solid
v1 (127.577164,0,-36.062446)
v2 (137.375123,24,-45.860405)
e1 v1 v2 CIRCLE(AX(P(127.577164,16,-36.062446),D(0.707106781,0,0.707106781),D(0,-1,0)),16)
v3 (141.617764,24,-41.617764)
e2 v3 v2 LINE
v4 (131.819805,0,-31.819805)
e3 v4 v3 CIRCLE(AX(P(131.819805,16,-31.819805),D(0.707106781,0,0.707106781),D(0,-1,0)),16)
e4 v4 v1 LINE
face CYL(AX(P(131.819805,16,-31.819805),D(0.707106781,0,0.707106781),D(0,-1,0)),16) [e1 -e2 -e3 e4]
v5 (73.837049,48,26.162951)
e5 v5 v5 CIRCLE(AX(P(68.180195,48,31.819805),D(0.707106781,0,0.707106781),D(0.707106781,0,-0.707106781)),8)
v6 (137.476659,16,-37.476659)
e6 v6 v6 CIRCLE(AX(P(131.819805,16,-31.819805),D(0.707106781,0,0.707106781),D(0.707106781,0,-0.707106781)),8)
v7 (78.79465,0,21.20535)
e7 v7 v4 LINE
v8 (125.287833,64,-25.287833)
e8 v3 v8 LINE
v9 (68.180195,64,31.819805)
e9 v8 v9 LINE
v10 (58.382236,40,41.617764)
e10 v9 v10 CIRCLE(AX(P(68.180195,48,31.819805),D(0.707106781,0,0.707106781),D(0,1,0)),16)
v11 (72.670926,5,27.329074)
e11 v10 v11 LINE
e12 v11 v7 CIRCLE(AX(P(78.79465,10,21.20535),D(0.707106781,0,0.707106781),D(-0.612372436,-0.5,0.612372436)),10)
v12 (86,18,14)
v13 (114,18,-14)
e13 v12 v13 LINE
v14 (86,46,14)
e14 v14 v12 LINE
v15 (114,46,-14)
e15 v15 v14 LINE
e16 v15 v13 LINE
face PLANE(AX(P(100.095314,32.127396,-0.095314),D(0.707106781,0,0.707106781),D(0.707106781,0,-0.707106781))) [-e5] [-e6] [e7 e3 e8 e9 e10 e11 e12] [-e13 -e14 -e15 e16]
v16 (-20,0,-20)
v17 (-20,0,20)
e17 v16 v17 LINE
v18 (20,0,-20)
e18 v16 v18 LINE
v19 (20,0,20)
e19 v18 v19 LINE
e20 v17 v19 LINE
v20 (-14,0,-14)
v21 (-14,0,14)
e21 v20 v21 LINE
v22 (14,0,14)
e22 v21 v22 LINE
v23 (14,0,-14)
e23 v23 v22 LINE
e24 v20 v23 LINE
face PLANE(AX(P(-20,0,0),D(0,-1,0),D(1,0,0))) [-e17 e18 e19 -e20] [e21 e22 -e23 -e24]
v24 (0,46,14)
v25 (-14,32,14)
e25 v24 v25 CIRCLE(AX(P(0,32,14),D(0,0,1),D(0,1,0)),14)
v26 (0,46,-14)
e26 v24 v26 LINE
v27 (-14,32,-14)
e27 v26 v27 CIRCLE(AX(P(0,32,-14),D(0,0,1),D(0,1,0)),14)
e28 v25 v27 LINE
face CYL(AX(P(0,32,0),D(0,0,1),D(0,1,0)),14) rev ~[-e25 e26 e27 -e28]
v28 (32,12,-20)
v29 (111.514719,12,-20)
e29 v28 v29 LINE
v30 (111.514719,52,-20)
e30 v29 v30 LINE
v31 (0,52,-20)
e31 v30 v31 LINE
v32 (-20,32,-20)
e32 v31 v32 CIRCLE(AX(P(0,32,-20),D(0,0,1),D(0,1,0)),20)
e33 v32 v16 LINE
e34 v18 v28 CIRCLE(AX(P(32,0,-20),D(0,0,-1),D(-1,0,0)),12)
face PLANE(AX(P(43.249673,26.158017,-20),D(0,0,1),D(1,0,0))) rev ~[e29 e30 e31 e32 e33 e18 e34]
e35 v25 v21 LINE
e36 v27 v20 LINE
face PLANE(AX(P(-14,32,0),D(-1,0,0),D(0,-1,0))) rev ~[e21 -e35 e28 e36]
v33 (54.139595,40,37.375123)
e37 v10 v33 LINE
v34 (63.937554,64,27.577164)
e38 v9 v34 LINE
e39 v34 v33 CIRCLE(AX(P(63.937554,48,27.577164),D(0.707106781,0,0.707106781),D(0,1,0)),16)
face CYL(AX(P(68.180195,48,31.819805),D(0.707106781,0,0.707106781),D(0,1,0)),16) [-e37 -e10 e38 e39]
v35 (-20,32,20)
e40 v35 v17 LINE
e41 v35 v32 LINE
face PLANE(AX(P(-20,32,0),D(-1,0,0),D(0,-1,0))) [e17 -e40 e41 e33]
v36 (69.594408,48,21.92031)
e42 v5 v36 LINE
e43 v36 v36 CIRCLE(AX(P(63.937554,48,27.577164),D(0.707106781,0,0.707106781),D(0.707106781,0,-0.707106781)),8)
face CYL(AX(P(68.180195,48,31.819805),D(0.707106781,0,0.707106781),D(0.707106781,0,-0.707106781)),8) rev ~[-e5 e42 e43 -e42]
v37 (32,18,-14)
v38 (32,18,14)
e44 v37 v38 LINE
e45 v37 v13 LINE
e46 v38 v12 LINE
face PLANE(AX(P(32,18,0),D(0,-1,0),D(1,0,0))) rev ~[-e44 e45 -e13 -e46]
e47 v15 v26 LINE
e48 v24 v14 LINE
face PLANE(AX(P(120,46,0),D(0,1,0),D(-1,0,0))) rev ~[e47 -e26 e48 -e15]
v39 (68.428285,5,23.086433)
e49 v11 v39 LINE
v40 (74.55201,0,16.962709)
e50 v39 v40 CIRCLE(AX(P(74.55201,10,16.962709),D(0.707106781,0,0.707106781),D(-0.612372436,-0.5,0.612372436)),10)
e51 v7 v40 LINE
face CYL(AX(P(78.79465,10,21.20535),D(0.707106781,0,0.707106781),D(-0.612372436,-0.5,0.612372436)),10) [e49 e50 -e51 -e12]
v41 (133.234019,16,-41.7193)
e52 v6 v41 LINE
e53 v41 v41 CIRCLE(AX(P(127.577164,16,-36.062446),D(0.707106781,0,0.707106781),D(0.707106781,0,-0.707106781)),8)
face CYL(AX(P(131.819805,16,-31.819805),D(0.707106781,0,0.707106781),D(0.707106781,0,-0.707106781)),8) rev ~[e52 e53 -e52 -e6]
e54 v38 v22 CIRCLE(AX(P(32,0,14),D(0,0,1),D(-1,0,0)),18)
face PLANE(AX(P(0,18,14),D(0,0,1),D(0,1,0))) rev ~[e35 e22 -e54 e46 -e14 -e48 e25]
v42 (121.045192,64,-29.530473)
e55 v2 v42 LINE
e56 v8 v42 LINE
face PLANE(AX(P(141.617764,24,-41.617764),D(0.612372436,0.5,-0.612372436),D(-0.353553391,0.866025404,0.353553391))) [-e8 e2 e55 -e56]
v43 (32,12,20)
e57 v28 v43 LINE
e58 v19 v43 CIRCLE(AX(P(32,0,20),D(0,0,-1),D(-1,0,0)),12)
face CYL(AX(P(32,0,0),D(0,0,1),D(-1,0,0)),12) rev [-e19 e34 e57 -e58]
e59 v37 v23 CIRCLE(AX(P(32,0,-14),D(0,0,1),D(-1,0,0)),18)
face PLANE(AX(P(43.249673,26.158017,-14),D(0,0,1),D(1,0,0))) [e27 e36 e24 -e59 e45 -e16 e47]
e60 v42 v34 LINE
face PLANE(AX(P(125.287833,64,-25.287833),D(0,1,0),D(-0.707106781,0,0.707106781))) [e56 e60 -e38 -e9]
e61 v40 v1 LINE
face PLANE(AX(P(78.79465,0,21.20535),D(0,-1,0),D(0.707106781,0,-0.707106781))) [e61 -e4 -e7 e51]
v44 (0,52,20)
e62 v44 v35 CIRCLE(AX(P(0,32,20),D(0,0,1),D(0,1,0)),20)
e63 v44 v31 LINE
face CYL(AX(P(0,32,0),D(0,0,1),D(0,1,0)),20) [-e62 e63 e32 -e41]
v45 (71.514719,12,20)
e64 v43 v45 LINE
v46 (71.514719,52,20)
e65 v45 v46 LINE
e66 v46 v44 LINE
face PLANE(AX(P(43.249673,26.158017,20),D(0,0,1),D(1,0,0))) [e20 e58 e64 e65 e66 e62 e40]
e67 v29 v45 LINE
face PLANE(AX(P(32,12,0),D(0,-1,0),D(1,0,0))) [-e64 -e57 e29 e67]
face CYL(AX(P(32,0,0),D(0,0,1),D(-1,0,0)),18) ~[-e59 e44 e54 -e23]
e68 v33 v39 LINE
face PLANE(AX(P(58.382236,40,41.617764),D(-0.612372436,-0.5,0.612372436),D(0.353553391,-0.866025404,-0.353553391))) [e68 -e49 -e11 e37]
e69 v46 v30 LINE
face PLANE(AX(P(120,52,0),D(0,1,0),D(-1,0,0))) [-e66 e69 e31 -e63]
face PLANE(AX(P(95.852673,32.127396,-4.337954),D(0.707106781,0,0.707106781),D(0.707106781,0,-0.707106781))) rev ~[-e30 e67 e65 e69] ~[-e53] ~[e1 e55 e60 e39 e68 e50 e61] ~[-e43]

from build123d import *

# Parameters (mm, degrees)
F1_DEPTH = 20
F2_T     = -6
F4_DEPTH = 40.001
F5_R     = 8
F5_W     = 39.5979797464
F5_H     = 28
F6_DEPTH = 6
F7_W     = 28
F7_H     = 28
F8_DEPTH = 143.1345136524


with BuildPart() as f1:
    # F0 (on Top) → F1 (new body, symmetric)
    with BuildSketch(Plane.XY):
        with BuildLine():
            Line((-20, 32), (-20, 0))
            Line((-20, 0), (20, 0))
            ThreePointArc((20, 0), (23.5147186258, 8.4852813742), (32, 12))
            Line((32, 12), (120, 12))
            Line((120, 12), (80, 52))
            Line((80, 52), (0, 52))
            ThreePointArc((0, 52), (-14.1421356237, 46.1421356237), (-20, 32))
        make_face()
        Polygon((80, 52), (120, 12), (120, 52), align=None)
    extrude(amount=F1_DEPTH, both=True)

    # F2
    f2_openings = [f1.faces().sort_by_distance(p)[0] for p in [
        (0, 0, 0),
        (120, 32, 0),
    ]]
    offset(amount=F2_T, openings=f2_openings)

    # F3 (on face) → F4 (cut, through all)
    with BuildSketch(Plane.XZ.offset(-12)):
        Polygon((80, 20), (120, -20), (120, 20), align=None)
    extrude(amount=-F4_DEPTH, mode=Mode.SUBTRACT)

    # F5 (on face) → F6 (join)
    with BuildSketch(Plane(origin=(50, 0, 50), x_dir=(0.7071067812, 0, -0.7071067812), z_dir=(0.7071067812, 0, 0.7071067812))):
        with BuildLine():
            Line((106.4730738116, 64), (25.7106781187, 64))
            ThreePointArc((25.7106781187, 64), (11.8542716581, 56), (11.8542716581, 40))
            Line((11.8542716581, 40), (32.0615310797, 5))
            ThreePointArc((32.0615310797, 5), (35.7217851176, 1.3397459622), (40.7217851176, 0))
            Line((40.7217851176, 0), (115.7106781187, 0))
            ThreePointArc((115.7106781187, 0), (129.5670845792, 8), (129.5670845792, 24))
            Line((129.5670845792, 24), (106.4730738116, 64))
        make_face()
        with Locations((115.7106781187, 16)):
            Circle(F5_R, mode=Mode.SUBTRACT)
        with Locations((25.7106781187, 48)):
            Circle(F5_R, mode=Mode.SUBTRACT)
        with Locations((70.7106781187, 32)):
            Rectangle(F5_W, F5_H, mode=Mode.SUBTRACT)
    extrude(amount=-F6_DEPTH)

    # F7 (on Right) → F8 (cut, through all)
    with BuildSketch(Plane.YZ):
        with Locations((32, 0)):
            Rectangle(F7_W, F7_H)
    extrude(amount=F8_DEPTH, mode=Mode.SUBTRACT)


solid = f1.part
